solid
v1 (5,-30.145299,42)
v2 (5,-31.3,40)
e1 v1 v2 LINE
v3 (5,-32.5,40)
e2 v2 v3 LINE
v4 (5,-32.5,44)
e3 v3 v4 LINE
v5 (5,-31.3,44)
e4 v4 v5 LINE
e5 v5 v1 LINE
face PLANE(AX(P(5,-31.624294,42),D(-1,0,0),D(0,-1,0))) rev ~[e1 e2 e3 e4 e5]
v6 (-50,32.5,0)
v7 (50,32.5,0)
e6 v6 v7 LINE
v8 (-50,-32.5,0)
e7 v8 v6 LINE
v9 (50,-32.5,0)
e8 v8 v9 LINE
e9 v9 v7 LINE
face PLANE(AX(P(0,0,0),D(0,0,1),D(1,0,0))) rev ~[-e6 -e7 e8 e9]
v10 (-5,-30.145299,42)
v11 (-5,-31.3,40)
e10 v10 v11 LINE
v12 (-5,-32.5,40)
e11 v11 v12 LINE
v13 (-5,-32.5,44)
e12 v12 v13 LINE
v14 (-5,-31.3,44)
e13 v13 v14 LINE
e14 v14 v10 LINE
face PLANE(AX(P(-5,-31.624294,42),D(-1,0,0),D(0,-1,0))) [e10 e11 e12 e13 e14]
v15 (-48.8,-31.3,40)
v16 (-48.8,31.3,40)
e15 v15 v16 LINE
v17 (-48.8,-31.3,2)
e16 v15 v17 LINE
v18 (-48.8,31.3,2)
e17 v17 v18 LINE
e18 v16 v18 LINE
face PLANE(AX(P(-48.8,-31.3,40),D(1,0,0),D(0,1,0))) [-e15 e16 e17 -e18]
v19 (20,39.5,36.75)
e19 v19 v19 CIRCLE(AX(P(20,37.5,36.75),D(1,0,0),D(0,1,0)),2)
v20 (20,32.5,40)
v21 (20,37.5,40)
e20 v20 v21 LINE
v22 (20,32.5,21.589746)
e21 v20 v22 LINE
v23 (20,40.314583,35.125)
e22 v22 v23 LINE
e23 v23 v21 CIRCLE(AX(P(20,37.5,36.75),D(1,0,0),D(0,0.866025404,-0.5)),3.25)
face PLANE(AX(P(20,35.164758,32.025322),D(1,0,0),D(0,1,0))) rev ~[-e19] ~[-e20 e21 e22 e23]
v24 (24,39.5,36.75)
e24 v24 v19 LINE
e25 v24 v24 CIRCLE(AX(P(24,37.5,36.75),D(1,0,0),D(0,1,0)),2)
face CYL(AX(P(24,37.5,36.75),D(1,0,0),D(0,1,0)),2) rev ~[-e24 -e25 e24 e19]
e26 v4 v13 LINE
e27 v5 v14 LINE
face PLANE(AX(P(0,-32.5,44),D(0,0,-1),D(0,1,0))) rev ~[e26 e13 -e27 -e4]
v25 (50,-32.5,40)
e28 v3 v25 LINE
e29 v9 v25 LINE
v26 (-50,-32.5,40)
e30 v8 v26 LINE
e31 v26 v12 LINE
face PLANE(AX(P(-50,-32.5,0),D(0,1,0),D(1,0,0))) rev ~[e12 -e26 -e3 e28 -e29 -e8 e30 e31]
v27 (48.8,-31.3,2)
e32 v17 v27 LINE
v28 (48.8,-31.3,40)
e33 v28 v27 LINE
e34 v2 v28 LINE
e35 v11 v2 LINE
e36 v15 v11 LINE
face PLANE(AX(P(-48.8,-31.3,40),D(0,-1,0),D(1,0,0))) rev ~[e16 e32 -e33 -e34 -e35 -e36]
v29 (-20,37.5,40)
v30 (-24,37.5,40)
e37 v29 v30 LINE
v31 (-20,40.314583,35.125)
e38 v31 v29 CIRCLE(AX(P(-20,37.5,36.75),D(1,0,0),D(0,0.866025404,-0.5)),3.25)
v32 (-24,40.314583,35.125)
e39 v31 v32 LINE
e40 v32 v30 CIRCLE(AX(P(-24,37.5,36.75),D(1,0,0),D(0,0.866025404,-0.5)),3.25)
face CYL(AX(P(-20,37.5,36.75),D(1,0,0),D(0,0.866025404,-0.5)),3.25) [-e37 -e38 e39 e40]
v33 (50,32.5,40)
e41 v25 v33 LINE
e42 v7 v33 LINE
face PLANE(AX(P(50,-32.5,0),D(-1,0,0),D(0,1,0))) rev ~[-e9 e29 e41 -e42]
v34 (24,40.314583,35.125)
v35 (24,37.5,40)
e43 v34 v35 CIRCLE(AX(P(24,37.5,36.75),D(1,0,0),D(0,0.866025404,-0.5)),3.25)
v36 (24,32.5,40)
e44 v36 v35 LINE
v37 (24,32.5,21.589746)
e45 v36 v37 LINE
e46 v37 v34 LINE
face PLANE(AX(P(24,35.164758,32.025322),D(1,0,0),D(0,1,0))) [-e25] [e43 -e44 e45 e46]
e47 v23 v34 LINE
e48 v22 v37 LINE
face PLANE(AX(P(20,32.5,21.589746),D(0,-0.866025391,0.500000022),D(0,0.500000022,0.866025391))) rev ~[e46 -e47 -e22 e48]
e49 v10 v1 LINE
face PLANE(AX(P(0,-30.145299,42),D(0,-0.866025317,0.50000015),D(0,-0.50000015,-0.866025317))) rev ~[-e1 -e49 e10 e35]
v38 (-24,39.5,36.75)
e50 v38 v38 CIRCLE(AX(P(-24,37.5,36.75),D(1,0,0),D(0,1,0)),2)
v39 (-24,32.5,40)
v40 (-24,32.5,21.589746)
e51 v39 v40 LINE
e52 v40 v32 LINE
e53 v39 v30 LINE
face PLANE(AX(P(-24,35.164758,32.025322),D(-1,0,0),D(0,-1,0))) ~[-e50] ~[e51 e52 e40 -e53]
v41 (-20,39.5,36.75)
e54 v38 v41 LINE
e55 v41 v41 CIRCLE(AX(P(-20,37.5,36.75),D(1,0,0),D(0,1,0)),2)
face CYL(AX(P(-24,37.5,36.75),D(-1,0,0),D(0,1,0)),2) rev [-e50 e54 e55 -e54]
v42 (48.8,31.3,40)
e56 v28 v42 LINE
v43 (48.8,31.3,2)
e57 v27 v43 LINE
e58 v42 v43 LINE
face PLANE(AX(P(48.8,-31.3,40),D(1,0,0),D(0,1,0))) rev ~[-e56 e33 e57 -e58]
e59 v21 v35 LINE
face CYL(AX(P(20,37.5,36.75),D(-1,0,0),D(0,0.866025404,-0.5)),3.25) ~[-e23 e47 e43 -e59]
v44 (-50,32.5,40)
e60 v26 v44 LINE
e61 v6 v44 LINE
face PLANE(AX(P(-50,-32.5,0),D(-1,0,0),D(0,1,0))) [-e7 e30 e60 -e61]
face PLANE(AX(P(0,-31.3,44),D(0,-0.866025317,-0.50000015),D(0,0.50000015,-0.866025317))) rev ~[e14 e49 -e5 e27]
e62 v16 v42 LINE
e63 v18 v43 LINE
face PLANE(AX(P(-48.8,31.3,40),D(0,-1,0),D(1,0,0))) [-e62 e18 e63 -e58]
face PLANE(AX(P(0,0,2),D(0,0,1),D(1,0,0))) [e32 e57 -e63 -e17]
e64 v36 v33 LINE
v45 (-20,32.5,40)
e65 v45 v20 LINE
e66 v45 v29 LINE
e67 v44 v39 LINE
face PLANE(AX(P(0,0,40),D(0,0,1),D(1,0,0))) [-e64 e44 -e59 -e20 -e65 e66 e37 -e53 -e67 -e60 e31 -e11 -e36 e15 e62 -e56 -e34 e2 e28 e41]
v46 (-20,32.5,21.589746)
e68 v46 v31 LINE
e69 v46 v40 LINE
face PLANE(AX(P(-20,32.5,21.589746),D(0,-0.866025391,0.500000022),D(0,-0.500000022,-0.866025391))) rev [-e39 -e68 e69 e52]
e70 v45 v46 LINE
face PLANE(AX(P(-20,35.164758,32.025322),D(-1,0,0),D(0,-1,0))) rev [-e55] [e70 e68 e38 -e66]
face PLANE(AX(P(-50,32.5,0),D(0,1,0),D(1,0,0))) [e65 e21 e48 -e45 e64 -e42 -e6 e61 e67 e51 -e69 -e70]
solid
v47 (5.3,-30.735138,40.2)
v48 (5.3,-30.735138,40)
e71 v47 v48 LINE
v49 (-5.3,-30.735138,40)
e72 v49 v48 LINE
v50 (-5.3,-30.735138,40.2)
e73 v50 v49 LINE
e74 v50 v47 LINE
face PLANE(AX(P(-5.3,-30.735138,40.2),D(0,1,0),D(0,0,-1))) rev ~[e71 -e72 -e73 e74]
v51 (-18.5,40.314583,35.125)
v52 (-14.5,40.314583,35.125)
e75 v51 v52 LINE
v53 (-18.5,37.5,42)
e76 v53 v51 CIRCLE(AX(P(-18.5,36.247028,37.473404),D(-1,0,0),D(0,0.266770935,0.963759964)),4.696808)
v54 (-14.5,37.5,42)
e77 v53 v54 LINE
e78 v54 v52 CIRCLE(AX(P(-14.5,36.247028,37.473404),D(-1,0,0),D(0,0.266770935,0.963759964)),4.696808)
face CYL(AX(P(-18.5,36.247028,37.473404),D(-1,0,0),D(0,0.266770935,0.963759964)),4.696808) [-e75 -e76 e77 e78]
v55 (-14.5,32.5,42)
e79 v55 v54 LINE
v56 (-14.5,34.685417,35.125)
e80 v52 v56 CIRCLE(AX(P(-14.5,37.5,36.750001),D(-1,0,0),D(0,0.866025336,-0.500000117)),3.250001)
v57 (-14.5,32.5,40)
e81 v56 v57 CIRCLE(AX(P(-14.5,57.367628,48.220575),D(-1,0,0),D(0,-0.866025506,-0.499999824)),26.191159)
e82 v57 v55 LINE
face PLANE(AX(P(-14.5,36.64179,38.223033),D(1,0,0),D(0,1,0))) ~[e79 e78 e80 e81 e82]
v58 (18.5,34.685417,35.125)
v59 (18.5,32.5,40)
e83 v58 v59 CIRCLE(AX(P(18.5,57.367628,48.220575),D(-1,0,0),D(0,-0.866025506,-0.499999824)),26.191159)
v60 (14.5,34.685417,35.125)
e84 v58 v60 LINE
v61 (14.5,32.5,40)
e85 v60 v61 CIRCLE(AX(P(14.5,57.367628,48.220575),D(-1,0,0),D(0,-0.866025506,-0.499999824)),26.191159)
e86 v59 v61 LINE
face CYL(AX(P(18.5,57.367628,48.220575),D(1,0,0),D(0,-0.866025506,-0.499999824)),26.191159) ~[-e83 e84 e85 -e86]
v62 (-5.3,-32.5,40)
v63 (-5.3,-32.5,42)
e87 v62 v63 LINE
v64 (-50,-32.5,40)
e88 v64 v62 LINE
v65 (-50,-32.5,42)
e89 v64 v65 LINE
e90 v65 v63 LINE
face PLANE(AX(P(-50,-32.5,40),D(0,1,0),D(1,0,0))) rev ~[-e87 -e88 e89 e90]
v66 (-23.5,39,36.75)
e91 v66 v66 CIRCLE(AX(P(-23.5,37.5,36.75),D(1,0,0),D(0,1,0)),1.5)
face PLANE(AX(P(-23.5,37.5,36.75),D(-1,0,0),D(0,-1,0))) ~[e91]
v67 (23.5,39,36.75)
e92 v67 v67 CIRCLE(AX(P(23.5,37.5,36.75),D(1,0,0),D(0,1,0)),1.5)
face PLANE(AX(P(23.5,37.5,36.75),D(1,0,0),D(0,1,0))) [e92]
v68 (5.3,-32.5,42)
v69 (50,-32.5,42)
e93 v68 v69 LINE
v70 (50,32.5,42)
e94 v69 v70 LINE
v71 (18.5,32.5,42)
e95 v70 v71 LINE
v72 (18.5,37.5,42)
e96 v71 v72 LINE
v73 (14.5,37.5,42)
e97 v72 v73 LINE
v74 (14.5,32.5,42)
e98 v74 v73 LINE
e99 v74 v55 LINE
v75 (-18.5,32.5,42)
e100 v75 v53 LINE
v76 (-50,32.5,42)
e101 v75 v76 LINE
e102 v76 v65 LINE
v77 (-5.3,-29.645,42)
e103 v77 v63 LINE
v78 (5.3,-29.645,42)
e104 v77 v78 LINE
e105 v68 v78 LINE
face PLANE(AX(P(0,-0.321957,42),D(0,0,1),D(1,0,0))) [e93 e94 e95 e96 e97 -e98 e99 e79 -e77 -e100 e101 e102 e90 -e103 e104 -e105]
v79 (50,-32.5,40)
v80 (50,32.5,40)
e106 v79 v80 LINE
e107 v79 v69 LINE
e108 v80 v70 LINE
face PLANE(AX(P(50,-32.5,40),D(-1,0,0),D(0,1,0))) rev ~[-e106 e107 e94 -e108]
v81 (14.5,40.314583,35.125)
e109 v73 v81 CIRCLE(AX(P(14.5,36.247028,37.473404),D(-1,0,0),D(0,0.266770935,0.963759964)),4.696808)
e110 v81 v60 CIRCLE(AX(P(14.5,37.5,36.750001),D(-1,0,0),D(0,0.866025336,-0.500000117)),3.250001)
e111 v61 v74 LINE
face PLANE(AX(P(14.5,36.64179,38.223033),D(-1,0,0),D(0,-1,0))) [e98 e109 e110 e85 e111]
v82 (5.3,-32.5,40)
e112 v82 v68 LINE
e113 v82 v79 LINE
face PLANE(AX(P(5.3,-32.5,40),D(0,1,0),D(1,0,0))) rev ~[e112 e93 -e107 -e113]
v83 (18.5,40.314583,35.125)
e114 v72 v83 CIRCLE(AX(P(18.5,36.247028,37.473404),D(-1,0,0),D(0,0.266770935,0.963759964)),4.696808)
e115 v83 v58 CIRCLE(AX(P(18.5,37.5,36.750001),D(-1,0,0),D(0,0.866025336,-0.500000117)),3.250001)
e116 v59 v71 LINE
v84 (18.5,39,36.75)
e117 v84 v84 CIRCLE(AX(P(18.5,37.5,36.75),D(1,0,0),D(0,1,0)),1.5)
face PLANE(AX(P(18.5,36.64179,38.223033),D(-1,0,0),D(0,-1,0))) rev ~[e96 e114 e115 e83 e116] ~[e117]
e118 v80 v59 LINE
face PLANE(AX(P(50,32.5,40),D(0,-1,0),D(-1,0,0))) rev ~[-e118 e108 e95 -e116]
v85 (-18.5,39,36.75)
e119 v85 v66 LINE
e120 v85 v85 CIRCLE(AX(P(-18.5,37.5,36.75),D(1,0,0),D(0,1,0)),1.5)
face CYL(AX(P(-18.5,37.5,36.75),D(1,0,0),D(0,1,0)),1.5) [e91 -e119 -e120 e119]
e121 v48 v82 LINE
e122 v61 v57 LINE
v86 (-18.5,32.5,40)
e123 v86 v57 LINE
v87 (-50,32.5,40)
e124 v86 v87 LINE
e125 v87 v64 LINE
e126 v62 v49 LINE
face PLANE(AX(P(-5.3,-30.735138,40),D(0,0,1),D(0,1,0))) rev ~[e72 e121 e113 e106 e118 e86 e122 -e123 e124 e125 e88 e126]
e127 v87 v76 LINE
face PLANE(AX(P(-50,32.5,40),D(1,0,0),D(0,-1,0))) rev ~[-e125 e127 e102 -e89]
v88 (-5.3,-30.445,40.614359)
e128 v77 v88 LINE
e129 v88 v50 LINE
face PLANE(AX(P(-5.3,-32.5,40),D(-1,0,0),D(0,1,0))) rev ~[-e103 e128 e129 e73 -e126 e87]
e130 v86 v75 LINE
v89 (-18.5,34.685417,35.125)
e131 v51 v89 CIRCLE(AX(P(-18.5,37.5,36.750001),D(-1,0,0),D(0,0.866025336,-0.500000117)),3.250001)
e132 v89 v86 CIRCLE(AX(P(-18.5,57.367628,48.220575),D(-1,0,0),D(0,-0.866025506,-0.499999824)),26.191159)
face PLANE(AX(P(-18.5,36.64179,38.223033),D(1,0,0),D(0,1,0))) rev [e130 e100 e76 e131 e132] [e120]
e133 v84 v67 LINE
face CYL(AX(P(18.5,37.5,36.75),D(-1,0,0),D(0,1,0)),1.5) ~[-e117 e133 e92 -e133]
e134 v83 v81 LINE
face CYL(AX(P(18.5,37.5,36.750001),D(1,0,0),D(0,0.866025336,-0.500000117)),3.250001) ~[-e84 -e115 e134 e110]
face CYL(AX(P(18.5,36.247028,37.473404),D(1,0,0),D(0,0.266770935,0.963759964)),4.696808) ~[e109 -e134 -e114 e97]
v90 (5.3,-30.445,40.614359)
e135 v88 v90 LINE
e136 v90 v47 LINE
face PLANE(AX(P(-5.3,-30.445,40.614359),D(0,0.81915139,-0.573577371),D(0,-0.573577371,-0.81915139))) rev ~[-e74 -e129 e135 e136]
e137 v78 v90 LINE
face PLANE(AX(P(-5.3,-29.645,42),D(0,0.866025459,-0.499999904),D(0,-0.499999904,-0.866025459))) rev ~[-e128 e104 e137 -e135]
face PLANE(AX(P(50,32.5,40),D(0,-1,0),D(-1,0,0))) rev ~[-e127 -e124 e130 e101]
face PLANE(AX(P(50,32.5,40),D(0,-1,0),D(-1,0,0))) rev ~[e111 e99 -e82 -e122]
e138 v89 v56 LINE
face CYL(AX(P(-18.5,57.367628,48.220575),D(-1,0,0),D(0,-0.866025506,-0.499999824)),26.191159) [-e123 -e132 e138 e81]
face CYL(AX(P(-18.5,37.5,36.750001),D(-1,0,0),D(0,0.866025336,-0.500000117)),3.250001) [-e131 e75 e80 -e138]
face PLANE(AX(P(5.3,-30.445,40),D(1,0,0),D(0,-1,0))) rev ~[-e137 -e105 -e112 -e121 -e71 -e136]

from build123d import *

# Parameters (mm, degrees)
SKETCH_W        = 100
SKETCH_H        = 65
PAD_DEPTH       = 40
SKETCH001_W     = 97.6
SKETCH001_H     = 62.6
POCKET_DEPTH    = 38
PAD001_DEPTH    = 4
SKETCH003_R     = 2
POCKET001_DEPTH = 4
PAD002_DEPTH    = 5
PAD003_DEPTH    = 2
PAD004_DEPTH    = 4
SKETCH007_R     = 1.5
PAD005_DEPTH    = 5
POCKET002_DEPTH = 10.6
PAD006_DEPTH    = 10.6


with BuildPart() as screwbox_100x65:
    # Sketch → Pad (new body)
    with BuildSketch(Plane.XY):
        Rectangle(SKETCH_W, SKETCH_H)
    extrude(amount=PAD_DEPTH)

    # Sketch001 (on Face6 of Pad) → Pocket (cut)
    with BuildSketch(Plane.XY.offset(40)):
        Rectangle(SKETCH001_W, SKETCH001_H)
    extrude(amount=-POCKET_DEPTH, mode=Mode.SUBTRACT)

    # Sketch002 (on DatumPlane) → Pad001 (join)
    with BuildSketch(Plane.YZ.offset(20)):
        with BuildLine():
            Line((32.5, 40), (32.5, 21.589746))
            Line((32.5, 21.589746), (40.314583, 35.125))
            ThreePointArc((40.314583, 35.125), (40.314583, 38.375), (37.5, 40))
            Line((32.5, 40), (37.5, 40))
        make_face()
    pad001 = extrude(amount=PAD001_DEPTH)

    # Mirrored: Pad001 across YZ
    add(pad001.mirror(Plane.YZ))

    # Sketch003 (on Face18 of Mirrored) → Pocket001 (cut)
    with BuildSketch(Plane.YZ.offset(24)):
        with Locations((37.5, 36.75)):
            Circle(SKETCH003_R)
    pocket001 = extrude(amount=-POCKET001_DEPTH, mode=Mode.SUBTRACT)

    # Mirrored001: Pocket001 across YZ
    add(pocket001.mirror(Plane.YZ), mode=Mode.SUBTRACT)

    # Sketch004 → Pad002 (join, symmetric)
    with BuildSketch(Plane.YZ):
        Polygon((-32.5, 40), (-32.5, 44), (-31.3, 44), (-30.145299, 42), (-31.3, 40), align=None)
    extrude(amount=PAD002_DEPTH, both=True)


with BuildPart() as lid_100x65:
    # Sketch005 (on Face1 of CopyPad002) → Pad003 (new body)
    with BuildSketch(Plane.XY.offset(40)):
        Polygon((-5.3, -30.445), (5.3, -30.445), (5.3, -32.5), (50, -32.5), (50, 32.5), (-50, 32.5), (-50, -32.5), (-5.3, -32.5), align=None)
    extrude(amount=PAD003_DEPTH)

    # Sketch006 (on DatumPlane) → Pad004 (join)
    with BuildSketch(Plane(origin=(18.5, 0, 0), x_dir=(0, -1, 0), z_dir=(-1, 0, 0))):
        with BuildLine():
            Line((-32.5, 40), (-32.5, 42))
            Line((-32.5, 42), (-37.5, 42))
            ThreePointArc((-37.5, 42), (-40.593683, 39.252898), (-40.314583, 35.125))
            ThreePointArc((-40.314583, 35.125), (-37.5, 33.5), (-34.685417, 35.125))
            ThreePointArc((-34.685417, 35.125), (-33.468084, 37.506632), (-32.5, 40))
        make_face()
    pad004 = extrude(amount=PAD004_DEPTH)

    # Mirrored002: Pad004 across YZ
    add(pad004.mirror(Plane.YZ))

    # Sketch007 (on Face22 of Mirrored002) → Pad005 (join)
    with BuildSketch(Plane.YZ.offset(18.5)):
        with Locations((37.5, 36.75)):
            Circle(SKETCH007_R)
    pad005 = extrude(amount=PAD005_DEPTH)

    # Mirrored003: Pad005 across YZ
    add(pad005.mirror(Plane.YZ))

    # Sketch008 (on Face2 of Mirrored003) → Pocket002 (cut)
    with BuildSketch(Plane.YZ.offset(-5.3)):
        Polygon((-30.445, 42), (-29.645, 42), (-30.445, 40.614359), align=None)
    extrude(amount=POCKET002_DEPTH, mode=Mode.SUBTRACT)

    # Sketch009 (on Face5 of Pocket002) → Pad006 (join)
    with BuildSketch(Plane.YZ.offset(-5.3)):
        Polygon((-30.445, 40.614359), (-30.735138, 40.2), (-30.735138, 40), (-30.445, 40), align=None)
    extrude(amount=PAD006_DEPTH)


solid = Compound([screwbox_100x65.part, lid_100x65.part])
